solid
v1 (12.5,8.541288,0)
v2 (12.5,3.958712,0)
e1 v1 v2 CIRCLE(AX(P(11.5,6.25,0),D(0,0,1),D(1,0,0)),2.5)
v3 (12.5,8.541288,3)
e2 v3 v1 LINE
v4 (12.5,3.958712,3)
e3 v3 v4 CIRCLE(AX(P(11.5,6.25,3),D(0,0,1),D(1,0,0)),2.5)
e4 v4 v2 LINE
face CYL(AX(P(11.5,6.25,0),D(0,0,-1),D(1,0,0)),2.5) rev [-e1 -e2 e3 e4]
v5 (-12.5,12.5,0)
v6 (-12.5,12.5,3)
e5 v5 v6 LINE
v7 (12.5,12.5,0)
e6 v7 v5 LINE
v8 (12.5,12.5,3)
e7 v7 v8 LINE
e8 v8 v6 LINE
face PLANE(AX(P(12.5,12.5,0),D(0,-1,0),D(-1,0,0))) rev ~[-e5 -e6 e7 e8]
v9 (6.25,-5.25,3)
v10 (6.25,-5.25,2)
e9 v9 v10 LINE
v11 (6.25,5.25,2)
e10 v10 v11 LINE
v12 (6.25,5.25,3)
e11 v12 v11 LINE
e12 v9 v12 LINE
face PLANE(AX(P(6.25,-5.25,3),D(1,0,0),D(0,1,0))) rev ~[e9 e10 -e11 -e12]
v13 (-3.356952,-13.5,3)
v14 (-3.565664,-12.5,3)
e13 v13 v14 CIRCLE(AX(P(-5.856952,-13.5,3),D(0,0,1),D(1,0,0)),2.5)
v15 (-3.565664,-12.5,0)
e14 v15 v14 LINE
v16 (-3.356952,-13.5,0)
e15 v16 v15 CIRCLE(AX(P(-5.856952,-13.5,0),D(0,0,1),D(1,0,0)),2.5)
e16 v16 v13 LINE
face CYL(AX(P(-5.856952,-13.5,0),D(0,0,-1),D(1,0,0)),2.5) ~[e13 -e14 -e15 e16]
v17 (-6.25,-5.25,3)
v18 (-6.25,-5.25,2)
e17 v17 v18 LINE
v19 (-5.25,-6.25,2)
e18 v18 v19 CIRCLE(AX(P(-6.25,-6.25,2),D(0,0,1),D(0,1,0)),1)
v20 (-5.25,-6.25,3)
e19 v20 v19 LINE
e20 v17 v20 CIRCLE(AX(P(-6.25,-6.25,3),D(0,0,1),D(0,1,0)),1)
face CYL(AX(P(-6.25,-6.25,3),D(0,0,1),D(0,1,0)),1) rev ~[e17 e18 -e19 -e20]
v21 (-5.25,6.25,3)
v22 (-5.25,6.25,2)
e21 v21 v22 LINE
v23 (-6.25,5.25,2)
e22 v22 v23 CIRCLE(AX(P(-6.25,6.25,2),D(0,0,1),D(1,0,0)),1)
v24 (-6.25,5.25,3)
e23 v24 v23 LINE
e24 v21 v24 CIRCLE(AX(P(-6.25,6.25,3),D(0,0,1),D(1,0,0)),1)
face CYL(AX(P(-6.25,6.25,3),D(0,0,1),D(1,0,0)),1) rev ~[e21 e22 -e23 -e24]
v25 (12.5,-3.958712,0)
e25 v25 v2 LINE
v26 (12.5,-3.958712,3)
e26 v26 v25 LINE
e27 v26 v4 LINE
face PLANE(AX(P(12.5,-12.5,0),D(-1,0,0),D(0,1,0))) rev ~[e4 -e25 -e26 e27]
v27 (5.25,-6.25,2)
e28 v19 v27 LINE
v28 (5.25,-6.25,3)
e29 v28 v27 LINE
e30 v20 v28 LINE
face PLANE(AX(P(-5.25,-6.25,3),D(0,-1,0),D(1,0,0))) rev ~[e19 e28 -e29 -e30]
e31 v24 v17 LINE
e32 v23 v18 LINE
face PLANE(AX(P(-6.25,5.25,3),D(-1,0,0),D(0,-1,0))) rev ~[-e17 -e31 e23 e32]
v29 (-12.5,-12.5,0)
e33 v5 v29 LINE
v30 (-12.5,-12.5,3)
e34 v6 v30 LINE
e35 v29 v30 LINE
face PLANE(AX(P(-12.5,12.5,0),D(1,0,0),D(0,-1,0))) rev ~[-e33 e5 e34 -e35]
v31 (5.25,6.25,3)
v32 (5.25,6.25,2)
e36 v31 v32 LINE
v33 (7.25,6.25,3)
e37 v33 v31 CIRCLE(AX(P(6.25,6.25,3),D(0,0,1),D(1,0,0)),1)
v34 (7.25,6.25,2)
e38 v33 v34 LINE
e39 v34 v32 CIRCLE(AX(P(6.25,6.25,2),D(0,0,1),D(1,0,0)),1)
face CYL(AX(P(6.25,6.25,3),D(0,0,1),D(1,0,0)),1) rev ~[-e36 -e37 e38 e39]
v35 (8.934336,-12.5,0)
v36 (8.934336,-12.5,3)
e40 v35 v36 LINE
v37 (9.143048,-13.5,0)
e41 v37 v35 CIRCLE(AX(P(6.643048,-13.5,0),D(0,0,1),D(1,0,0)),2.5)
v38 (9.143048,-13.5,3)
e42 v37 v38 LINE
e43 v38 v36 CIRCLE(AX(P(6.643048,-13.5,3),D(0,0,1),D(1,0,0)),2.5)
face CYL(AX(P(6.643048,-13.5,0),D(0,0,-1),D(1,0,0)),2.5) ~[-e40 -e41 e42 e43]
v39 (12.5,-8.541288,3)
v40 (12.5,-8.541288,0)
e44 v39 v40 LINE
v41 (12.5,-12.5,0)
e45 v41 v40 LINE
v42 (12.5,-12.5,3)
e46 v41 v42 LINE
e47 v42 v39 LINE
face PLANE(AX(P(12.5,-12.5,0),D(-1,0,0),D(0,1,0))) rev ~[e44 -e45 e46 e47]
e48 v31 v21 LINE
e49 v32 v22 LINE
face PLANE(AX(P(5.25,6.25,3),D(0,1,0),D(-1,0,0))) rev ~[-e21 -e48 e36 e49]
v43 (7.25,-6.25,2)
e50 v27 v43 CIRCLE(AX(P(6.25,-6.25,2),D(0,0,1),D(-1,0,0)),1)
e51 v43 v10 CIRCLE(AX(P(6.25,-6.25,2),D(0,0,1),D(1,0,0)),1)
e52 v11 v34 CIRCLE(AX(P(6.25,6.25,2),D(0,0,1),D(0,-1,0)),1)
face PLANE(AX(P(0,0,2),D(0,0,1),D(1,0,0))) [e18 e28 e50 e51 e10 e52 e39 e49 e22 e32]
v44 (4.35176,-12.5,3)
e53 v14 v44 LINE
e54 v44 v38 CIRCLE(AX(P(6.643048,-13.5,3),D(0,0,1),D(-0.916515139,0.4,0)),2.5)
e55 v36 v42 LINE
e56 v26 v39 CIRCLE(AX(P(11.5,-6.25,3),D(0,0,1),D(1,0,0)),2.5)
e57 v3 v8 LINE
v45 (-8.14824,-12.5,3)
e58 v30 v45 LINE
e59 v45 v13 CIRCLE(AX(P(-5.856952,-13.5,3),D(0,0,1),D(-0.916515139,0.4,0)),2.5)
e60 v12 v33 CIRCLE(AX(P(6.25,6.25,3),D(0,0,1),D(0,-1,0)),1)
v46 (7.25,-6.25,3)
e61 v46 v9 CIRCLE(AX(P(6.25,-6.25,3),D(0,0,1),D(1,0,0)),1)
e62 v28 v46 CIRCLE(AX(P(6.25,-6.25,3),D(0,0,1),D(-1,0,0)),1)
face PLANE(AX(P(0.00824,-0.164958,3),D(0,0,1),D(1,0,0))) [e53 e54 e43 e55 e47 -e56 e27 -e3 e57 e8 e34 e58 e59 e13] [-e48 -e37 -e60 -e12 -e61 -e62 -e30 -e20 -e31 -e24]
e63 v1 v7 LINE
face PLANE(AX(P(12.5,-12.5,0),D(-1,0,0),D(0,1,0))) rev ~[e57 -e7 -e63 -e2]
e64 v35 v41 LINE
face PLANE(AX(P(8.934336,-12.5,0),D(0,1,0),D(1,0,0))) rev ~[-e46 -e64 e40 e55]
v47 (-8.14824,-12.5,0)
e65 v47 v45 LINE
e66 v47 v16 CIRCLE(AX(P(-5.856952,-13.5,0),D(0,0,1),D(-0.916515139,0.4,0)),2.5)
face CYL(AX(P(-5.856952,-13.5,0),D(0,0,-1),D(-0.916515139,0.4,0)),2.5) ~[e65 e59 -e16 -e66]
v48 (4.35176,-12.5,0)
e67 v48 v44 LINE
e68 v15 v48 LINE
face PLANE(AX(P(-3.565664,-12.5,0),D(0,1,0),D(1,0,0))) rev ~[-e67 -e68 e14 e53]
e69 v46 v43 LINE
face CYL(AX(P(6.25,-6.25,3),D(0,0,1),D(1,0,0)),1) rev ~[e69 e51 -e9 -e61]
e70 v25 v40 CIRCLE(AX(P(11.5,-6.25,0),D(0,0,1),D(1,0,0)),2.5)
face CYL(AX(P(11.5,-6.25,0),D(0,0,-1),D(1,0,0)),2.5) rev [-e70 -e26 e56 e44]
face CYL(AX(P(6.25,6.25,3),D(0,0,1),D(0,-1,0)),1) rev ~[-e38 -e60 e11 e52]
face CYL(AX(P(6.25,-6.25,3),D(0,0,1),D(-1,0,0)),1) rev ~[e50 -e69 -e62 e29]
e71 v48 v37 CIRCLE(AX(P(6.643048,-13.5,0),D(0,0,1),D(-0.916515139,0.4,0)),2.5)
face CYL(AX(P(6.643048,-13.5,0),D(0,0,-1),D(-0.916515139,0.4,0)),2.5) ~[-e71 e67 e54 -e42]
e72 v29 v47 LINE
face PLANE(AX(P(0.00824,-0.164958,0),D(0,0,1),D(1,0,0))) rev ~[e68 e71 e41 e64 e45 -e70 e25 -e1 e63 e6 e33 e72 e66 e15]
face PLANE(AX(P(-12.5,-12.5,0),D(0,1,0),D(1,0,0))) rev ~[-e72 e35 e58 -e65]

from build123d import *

# Parameters (mm, degrees)
F1_DEPTH = 3
F3_DEPTH = 1
F4_R     = 2.5
F5_DEPTH = 3
F6_DEPTH = 3


with BuildPart() as f1:
    # F0 (on Top) → F1 (new body)
    with BuildSketch(Plane.XY):
        with BuildLine():
            Line((12.5, -12.5), (12.5, 12.5))
            Line((12.5, 12.5), (-12.5, 12.5))
            Line((-12.5, 12.5), (-12.5, -12.5))
            Line((-12.5, -12.5), (-8.1482400118, -12.5))
            ThreePointArc((-8.1482400118, -12.5), (-5.8569521643, -11), (-3.5656643168, -12.5))
            Line((-3.5656643168, -12.5), (4.3517599882, -12.5))
            ThreePointArc((4.3517599882, -12.5), (6.6430478357, -11), (8.9343356832, -12.5))
            Line((8.9343356832, -12.5), (12.5, -12.5))
        make_face()
        with BuildLine():
            ThreePointArc((9.1430478357, -13.5), (9.090313618, -12.9892258908), (8.9343356832, -12.5))
            Line((8.9343356832, -12.5), (4.3517599882, -12.5))
            ThreePointArc((4.3517599882, -12.5), (6.1322737265, -15.9472657823), (9.1430478357, -13.5))
        make_face()
        with BuildLine():
            Line((4.3517599882, -12.5), (8.9343356832, -12.5))
            ThreePointArc((8.9343356832, -12.5), (6.6430478357, -11), (4.3517599882, -12.5))
        make_face()
        with BuildLine():
            ThreePointArc((-3.5656643168, -12.5), (-5.8569521643, -11), (-8.1482400118, -12.5))
            Line((-8.1482400118, -12.5), (-3.5656643168, -12.5))
        make_face()
        with BuildLine():
            Line((-3.5656643168, -12.5), (-8.1482400118, -12.5))
            ThreePointArc((-8.1482400118, -12.5), (-6.3677262735, -15.9472657823), (-3.3569521643, -13.5))
            ThreePointArc((-3.3569521643, -13.5), (-3.409686382, -12.9892258908), (-3.5656643168, -12.5))
        make_face()
    extrude(amount=F1_DEPTH)

    # F2 (on face) → F3 (cut)
    with BuildSketch(Plane.XY.offset(3)):
        with BuildLine():
            Line((5.25, 6.25), (-5.25, 6.25))
            ThreePointArc((-5.25, 6.25), (-5.5428932188, 5.5428932188), (-6.25, 5.25))
            Line((-6.25, 5.25), (-6.25, -5.25))
            ThreePointArc((-6.25, -5.25), (-5.5428932188, -5.5428932188), (-5.25, -6.25))
            Line((-5.25, -6.25), (5.25, -6.25))
            ThreePointArc((5.25, -6.25), (5.5428932188, -5.5428932188), (6.25, -5.25))
            Line((6.25, -5.25), (6.25, 5.25))
            ThreePointArc((6.25, 5.25), (5.5428932188, 5.5428932188), (5.25, 6.25))
        make_face()
        with BuildLine():
            ThreePointArc((-6.25, 5.25), (-5.5428932188, 5.5428932188), (-5.25, 6.25))
            Line((-5.25, 6.25), (-6.25, 6.25))
            Line((-6.25, 6.25), (-6.25, 5.25))
        make_face()
        with BuildLine():
            Line((-6.25, 6.25), (-5.25, 6.25))
            ThreePointArc((-5.25, 6.25), (-6.9571067812, 6.9571067812), (-6.25, 5.25))
            Line((-6.25, 5.25), (-6.25, 6.25))
        make_face()
        with BuildLine():
            ThreePointArc((7.25, 6.25), (6.25, 7.25), (5.25, 6.25))
            Line((5.25, 6.25), (6.25, 6.25))
            Line((6.25, 6.25), (6.25, 5.25))
            ThreePointArc((6.25, 5.25), (6.9571067812, 5.5428932188), (7.25, 6.25))
        make_face()
        with BuildLine():
            Line((6.25, 6.25), (5.25, 6.25))
            ThreePointArc((5.25, 6.25), (5.5428932188, 5.5428932188), (6.25, 5.25))
            Line((6.25, 5.25), (6.25, 6.25))
        make_face()
        with BuildLine():
            Line((6.25, -6.25), (6.25, -5.25))
            ThreePointArc((6.25, -5.25), (5.5428932188, -5.5428932188), (5.25, -6.25))
            Line((5.25, -6.25), (6.25, -6.25))
        make_face()
        with BuildLine():
            ThreePointArc((7.25, -6.25), (6.9571067812, -5.5428932188), (6.25, -5.25))
            Line((6.25, -5.25), (6.25, -6.25))
            Line((6.25, -6.25), (5.25, -6.25))
            ThreePointArc((5.25, -6.25), (6.25, -7.25), (7.25, -6.25))
        make_face()
        with BuildLine():
            ThreePointArc((-5.25, -6.25), (-5.5428932188, -5.5428932188), (-6.25, -5.25))
            Line((-6.25, -5.25), (-6.25, -6.25))
            Line((-6.25, -6.25), (-5.25, -6.25))
        make_face()
        with BuildLine():
            Line((-6.25, -6.25), (-6.25, -5.25))
            ThreePointArc((-6.25, -5.25), (-6.9571067812, -6.9571067812), (-5.25, -6.25))
            Line((-5.25, -6.25), (-6.25, -6.25))
        make_face()
    extrude(amount=-F3_DEPTH, mode=Mode.SUBTRACT)

    # F4 (on Top) → F5 (cut)
    with BuildSketch(Plane.XY):
        with Locations((11.5, 6.25)):
            Circle(F4_R)
        with Locations((11.5, -6.25)):
            Circle(F4_R)
    extrude(amount=-F5_DEPTH, mode=Mode.SUBTRACT)


with BuildPart() as f6:
    # F4 (on Top) → F6 (new body)
    with BuildSketch(Plane.XY):
        with Locations((11.5, 6.25)):
            Circle(F4_R)
    extrude(amount=F6_DEPTH)


with BuildPart() as f6b:
    # F4 (on Top) → F6, piece 2 (new body)
    with BuildSketch(Plane.XY):
        with Locations((11.5, -6.25)):
            Circle(F4_R)
    extrude(amount=F6_DEPTH)


with BuildPart() as f1_1:
    add(f1.part)

    # F7: cut F6b, F6
    add(f6b.part, mode=Mode.SUBTRACT)
    add(f6.part, mode=Mode.SUBTRACT)


solid = f1_1.part
